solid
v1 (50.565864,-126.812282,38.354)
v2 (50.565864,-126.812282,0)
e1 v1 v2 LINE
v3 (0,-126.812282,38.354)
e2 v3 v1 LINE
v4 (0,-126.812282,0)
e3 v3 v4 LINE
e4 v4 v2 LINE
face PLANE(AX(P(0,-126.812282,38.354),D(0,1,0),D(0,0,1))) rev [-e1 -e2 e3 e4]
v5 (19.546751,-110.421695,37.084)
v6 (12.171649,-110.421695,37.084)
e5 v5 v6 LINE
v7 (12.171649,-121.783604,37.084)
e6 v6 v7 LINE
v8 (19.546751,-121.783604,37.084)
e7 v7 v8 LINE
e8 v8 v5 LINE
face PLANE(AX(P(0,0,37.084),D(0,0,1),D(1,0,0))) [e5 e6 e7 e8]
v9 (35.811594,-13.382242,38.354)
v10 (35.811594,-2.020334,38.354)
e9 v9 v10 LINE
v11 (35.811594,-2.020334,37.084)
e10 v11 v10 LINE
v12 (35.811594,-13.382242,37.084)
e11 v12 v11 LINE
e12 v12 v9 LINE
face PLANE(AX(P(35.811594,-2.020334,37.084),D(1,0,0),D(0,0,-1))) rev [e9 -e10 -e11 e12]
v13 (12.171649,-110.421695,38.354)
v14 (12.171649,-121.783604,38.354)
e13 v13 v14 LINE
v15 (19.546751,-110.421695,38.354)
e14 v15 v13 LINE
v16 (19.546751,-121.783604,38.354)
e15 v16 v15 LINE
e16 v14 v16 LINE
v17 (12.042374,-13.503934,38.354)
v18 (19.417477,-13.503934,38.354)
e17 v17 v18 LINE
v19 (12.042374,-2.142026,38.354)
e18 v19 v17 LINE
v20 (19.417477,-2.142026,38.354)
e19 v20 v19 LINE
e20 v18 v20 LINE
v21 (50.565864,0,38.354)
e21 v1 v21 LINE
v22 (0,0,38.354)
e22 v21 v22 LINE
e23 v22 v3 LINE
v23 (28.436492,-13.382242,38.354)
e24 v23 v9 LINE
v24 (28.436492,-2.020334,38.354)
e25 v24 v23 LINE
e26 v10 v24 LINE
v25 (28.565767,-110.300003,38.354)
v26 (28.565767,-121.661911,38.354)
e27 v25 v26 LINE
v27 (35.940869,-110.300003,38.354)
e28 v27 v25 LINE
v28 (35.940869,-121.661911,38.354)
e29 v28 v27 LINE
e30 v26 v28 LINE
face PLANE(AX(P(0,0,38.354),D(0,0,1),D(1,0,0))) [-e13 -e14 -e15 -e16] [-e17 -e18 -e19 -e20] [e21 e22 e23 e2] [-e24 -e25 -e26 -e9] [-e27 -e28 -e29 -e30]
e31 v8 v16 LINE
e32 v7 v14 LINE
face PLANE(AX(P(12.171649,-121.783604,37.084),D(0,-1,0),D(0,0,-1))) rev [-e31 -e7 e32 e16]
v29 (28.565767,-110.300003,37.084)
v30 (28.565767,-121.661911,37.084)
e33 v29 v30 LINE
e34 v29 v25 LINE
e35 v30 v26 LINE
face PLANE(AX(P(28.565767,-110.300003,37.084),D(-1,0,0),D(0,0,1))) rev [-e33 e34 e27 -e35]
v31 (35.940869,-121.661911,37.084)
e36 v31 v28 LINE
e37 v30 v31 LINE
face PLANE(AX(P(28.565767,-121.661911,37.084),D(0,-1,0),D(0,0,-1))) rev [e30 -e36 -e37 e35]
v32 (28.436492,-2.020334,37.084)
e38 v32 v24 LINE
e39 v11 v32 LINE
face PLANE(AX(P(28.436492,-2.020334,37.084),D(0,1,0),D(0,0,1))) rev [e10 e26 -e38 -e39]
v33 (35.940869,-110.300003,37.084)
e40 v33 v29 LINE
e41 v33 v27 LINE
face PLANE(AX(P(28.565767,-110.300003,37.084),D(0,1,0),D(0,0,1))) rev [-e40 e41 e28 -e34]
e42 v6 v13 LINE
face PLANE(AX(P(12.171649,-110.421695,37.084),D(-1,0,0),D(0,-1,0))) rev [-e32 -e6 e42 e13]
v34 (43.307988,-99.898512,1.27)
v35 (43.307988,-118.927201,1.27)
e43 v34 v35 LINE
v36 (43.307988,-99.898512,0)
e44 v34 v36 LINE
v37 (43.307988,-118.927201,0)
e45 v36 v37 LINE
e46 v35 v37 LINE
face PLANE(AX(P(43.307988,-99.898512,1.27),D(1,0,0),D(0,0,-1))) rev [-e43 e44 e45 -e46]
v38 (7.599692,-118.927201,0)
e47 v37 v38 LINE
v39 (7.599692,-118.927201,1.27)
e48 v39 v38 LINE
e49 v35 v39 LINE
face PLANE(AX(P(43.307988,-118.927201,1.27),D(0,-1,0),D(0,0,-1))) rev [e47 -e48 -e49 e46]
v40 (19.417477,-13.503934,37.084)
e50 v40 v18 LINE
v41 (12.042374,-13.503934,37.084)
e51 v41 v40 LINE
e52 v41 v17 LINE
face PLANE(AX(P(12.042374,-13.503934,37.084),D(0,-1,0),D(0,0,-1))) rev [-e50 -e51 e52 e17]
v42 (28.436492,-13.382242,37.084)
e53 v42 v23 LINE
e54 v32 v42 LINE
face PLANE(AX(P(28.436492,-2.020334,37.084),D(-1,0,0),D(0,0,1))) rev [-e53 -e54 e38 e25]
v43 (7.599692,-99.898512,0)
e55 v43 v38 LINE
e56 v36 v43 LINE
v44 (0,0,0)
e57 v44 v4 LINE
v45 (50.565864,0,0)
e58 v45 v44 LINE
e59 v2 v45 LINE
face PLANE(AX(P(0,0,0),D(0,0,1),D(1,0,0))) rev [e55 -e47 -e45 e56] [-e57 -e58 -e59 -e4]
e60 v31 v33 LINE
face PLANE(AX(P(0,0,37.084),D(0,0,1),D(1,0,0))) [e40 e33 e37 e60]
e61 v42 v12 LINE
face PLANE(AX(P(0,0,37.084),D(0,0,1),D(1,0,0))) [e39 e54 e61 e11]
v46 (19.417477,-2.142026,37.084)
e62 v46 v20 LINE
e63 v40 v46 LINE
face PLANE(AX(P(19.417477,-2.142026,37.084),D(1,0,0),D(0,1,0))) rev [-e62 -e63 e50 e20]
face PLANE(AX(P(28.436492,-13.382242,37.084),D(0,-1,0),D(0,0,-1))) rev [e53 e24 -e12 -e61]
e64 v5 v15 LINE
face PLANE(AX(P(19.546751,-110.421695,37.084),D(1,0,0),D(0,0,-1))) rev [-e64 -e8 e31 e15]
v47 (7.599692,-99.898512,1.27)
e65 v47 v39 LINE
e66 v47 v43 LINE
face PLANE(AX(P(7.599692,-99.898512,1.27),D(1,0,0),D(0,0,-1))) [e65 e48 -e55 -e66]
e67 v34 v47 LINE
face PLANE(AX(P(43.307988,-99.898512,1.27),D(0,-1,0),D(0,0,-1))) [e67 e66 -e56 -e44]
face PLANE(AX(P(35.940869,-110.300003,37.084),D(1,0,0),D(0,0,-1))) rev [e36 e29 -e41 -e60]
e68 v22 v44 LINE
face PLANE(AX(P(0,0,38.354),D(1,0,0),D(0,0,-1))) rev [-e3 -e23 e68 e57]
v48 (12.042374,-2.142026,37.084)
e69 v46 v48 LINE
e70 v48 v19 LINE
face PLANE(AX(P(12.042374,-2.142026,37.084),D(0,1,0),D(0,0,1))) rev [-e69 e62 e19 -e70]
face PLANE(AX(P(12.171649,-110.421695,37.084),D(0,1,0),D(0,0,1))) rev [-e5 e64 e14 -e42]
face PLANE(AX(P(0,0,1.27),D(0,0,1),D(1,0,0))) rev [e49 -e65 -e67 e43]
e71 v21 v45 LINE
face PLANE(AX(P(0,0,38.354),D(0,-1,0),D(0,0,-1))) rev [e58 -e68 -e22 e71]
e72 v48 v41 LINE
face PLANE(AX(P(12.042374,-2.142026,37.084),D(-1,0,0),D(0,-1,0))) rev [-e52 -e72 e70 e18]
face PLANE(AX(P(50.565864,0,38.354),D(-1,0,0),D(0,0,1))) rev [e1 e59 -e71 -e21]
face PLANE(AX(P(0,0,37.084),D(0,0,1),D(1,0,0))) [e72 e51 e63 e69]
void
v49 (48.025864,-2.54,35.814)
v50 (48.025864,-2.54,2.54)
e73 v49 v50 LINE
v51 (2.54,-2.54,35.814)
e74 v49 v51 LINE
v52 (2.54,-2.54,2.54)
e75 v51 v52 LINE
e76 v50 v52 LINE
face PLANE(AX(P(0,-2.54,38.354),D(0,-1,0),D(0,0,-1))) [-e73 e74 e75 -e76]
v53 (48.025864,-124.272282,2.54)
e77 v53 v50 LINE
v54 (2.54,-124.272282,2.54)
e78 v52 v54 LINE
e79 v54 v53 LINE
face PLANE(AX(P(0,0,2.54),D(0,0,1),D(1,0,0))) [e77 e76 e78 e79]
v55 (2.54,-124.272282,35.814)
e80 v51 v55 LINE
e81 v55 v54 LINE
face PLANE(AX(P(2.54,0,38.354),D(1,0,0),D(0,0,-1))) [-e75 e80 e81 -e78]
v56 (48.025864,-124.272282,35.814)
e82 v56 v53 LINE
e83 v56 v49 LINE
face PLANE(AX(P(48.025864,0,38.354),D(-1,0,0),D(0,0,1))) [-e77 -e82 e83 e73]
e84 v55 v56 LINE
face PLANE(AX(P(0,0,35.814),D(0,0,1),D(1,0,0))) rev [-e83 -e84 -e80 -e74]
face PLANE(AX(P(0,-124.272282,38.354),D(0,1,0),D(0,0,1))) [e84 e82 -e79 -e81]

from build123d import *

# Parameters (mm, degrees)
SKETCH1_W           = 50.565864073
SKETCH1_H           = 126.812282012
BOSS_EXTRUDE2_DEPTH = 38.354
SHELL1_T            = 2.54
SKETCH5_W           = 7.375102077
SKETCH5_H           = 11.361908509
SKETCH5_W_2         = 7.375102076
CUT_EXTRUDE3_DEPTH  = 1.27
SKETCH8_W           = 35.70829539
SKETCH8_H           = 19.028689215
CUT_EXTRUDE4_DEPTH  = 1.27


with BuildPart() as part:
    # Sketch1 → Boss-Extrude2 (new body)
    with BuildSketch(Plane.XY):
        with Locations((25.282932037, -63.406141006)):
            Rectangle(SKETCH1_W, SKETCH1_H)
    extrude(amount=BOSS_EXTRUDE2_DEPTH)

    # Shell1 (no face opened: a closed hollow body)
    add(offset(amount=-SHELL1_T, mode=Mode.PRIVATE), mode=Mode.SUBTRACT)

    # Sketch5 → Cut-Extrude3 (cut)
    with BuildSketch(Plane.XY.offset(38.354)):
        with Locations((32.253317714, -115.98095696)):
            Rectangle(SKETCH5_W, SKETCH5_H)
        with Locations((15.859200433, -116.102649257)):
            Rectangle(SKETCH5_W_2, SKETCH5_H)
        with Locations((32.124042774, -7.70128789)):
            Rectangle(SKETCH5_W, SKETCH5_H)
        with Locations((15.729925493, -7.822980187)):
            Rectangle(SKETCH5_W_2, SKETCH5_H)
    extrude(amount=-CUT_EXTRUDE3_DEPTH, mode=Mode.SUBTRACT)

    # Sketch8 → Cut-Extrude4 (cut)
    with BuildSketch(Plane(origin=(0, 0, 0), x_dir=(-1, 0, 0), z_dir=(0, 0, -1))):
        with Locations((-25.453839923, -109.412856846)):
            Rectangle(SKETCH8_W, SKETCH8_H)
    extrude(amount=-CUT_EXTRUDE4_DEPTH, mode=Mode.SUBTRACT)


solid = part.part
